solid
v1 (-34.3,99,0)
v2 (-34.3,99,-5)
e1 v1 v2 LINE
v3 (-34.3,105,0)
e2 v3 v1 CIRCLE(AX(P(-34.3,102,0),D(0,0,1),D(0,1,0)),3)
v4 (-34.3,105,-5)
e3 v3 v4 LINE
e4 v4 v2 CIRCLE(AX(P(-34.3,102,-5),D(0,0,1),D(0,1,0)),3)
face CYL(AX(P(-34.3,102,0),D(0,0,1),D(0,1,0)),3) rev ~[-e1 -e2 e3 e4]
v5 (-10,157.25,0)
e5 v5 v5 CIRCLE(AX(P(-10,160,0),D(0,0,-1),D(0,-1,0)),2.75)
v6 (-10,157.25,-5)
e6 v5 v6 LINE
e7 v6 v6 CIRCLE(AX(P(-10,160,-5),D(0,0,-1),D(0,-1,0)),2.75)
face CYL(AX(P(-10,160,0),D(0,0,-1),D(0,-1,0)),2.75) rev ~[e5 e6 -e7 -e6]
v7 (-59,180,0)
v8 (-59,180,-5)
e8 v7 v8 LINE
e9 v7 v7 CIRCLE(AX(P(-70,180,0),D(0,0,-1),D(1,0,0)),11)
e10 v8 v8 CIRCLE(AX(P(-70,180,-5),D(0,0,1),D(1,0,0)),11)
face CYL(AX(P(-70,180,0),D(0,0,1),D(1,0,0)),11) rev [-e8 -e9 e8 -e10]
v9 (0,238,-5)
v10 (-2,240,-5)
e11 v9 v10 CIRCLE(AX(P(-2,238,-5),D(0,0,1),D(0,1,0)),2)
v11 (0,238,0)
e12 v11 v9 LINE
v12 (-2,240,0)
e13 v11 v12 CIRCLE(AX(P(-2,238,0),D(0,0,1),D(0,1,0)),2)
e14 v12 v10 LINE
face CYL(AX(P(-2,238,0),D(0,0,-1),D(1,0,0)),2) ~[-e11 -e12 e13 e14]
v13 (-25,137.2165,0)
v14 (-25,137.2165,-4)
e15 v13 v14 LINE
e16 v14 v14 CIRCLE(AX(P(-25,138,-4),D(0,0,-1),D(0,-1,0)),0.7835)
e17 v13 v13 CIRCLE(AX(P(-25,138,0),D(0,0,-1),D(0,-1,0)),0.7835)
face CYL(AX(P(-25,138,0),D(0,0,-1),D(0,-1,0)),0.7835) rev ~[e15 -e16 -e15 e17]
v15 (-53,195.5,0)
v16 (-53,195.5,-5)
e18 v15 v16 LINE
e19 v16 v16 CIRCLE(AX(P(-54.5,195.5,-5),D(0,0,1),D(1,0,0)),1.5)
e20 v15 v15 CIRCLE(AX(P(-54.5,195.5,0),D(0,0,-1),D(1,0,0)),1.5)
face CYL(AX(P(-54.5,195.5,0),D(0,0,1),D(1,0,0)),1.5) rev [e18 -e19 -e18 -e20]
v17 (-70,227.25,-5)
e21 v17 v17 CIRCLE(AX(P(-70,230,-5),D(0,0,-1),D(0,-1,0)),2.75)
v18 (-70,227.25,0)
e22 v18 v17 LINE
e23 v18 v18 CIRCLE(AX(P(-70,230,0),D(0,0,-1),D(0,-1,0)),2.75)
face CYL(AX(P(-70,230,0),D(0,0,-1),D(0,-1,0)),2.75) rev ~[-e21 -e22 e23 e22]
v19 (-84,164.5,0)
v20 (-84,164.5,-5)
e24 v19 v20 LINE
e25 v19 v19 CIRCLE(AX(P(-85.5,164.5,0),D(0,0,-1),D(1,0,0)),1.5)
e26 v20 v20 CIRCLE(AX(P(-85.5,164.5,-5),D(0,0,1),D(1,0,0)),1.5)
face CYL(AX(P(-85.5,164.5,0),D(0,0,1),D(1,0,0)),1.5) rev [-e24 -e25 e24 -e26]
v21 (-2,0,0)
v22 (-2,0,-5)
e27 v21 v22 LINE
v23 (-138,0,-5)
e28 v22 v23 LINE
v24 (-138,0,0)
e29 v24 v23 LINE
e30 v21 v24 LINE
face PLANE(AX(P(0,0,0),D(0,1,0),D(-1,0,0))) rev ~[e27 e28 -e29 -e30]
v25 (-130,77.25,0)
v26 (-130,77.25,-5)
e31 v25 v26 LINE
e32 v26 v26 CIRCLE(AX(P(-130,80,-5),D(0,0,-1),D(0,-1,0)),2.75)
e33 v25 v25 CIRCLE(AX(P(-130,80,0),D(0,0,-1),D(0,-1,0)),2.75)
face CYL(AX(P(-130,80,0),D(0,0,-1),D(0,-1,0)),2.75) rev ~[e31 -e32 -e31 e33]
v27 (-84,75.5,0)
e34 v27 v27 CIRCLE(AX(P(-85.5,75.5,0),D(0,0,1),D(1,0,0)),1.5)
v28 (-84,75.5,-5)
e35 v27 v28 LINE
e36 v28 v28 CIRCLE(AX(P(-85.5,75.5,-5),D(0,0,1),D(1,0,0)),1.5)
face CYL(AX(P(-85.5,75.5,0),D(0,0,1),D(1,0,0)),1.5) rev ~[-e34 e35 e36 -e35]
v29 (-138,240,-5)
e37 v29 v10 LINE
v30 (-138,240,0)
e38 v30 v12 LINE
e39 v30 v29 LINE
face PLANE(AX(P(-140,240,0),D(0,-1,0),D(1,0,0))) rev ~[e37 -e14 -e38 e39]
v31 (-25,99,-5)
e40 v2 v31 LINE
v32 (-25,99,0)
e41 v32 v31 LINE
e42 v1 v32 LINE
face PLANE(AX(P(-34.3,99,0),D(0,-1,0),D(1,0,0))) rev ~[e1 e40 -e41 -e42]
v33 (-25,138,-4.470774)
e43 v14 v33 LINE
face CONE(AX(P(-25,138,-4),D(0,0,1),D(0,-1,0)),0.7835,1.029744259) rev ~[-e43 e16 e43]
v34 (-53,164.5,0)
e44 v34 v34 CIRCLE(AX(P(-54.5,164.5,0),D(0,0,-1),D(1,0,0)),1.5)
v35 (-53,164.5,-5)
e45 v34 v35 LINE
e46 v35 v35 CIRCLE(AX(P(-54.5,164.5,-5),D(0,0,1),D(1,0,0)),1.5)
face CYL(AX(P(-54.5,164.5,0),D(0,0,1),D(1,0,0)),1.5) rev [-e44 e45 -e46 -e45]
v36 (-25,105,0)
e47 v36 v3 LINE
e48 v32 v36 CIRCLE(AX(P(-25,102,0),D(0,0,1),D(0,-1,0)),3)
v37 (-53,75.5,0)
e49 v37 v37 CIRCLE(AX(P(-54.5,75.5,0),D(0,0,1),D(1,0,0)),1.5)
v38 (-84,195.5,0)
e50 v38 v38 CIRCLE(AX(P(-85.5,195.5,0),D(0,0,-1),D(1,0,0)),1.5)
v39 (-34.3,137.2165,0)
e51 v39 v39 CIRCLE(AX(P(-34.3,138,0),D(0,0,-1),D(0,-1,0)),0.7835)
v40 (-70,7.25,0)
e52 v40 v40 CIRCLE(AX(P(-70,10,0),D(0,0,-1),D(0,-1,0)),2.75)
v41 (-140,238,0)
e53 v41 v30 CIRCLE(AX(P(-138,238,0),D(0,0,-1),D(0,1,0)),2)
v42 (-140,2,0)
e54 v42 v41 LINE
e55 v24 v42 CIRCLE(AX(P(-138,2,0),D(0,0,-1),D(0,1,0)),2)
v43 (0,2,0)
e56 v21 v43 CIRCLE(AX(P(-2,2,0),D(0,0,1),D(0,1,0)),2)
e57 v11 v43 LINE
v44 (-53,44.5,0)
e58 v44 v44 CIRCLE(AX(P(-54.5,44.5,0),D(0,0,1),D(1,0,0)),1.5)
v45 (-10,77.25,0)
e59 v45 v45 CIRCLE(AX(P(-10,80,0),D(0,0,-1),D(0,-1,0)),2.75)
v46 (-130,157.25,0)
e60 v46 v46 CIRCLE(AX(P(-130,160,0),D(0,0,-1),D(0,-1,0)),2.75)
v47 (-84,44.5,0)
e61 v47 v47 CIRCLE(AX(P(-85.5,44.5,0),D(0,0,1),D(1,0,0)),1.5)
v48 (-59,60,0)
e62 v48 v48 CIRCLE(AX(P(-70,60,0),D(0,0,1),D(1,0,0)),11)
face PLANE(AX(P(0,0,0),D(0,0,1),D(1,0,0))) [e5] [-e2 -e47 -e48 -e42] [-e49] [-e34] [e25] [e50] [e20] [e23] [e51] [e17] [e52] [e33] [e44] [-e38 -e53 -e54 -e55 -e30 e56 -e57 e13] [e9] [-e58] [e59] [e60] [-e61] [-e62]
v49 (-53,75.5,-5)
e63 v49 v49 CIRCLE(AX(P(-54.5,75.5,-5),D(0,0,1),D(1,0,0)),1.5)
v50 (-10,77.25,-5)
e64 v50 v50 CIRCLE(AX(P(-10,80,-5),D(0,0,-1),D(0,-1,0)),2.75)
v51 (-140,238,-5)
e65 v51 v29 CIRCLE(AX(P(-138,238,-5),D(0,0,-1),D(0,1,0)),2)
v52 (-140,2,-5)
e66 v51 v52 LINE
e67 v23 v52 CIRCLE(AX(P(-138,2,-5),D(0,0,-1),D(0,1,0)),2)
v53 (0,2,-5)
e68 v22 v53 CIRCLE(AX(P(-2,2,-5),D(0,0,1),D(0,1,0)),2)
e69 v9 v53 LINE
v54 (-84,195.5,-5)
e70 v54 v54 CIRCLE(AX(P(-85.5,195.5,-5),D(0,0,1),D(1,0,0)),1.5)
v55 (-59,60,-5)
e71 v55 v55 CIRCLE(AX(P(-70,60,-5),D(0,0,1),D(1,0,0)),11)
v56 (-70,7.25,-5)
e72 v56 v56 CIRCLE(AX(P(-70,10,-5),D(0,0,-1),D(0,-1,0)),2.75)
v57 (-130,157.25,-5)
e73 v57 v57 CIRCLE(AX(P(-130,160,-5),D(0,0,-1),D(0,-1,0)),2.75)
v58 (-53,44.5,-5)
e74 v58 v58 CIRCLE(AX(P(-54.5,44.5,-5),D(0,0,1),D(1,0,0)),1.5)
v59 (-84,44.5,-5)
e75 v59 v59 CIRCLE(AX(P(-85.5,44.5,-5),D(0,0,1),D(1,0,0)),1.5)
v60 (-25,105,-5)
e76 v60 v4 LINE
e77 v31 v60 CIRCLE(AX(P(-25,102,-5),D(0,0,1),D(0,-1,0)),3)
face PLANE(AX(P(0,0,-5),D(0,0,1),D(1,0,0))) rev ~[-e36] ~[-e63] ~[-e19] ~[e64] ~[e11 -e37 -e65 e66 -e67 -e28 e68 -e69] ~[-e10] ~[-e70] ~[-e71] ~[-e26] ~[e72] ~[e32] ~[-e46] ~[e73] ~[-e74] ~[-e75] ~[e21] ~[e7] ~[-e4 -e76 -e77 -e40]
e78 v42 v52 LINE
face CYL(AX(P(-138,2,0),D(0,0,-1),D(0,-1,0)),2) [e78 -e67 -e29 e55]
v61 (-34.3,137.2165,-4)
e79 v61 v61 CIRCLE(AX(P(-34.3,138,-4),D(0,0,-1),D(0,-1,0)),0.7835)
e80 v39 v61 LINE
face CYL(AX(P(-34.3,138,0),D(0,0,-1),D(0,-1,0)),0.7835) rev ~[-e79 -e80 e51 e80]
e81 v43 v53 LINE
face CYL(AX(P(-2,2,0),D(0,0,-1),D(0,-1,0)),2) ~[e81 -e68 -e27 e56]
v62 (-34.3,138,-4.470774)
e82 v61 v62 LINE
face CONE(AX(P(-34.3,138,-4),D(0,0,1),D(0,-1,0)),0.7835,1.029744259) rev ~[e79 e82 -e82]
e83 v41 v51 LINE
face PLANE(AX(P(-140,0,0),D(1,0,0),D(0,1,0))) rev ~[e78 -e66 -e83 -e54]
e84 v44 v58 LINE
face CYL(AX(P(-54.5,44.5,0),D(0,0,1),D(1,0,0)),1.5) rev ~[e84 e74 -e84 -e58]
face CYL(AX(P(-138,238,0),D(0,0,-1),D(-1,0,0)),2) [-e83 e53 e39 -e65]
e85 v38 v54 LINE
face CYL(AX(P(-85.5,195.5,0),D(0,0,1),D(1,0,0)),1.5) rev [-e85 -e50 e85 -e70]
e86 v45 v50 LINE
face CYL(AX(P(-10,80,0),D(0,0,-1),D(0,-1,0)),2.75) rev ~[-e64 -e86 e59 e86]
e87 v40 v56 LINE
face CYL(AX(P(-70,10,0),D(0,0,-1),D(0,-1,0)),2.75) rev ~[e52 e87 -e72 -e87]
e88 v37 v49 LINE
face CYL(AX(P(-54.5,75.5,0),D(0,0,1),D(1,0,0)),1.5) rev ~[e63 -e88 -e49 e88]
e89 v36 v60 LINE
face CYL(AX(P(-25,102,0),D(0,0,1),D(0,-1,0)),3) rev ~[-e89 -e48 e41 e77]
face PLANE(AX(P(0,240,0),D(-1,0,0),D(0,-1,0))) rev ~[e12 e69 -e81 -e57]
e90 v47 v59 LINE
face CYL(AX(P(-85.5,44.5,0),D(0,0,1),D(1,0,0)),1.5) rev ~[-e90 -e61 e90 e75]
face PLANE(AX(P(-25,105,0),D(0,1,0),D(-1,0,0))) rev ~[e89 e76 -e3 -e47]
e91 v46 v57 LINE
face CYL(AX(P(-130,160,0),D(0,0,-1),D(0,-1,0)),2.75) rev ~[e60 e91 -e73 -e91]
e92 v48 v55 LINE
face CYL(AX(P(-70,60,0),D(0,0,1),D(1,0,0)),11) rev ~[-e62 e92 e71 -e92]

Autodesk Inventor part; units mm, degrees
ref_plane "YZ Plane" through (0, 0, 0) normal (1, 0, 0) x (0, 1, 0)
ref_plane "XZ Plane" through (0, 0, 0) normal (0, 1, 0) x (-1, 0, 0)
sketch "Skizze3" plane through (0, 0, 0) normal (0, 0, 1) x (1, 0, 0)
  line L0 (0, 0) -> (-140, 0)
  line L1 (-140, 0) -> (-140, 120)
  line L2 (-140, 240) -> (0, 240)
  line L3 (0, 240) -> (0, 0)
  line L4 (-34.5565, 44.5) -> (-109.2584, 44.5) construction
  line L5 (-42.5521, 75.5) -> (-110.6291, 75.5) construction
  line L6 (-85.5, 104.3529) -> (-85.5, 36.2759) construction
  line L7 (-54.5, 102.2969) -> (-54.5, 32.1639) construction
  line L8 (-70, -15.9958) -> (-70, 12.0858) construction
  circle A0 centre (-70, 60) radius 11
  circle A1 centre (-85.5, 75.5) radius 1.5
  circle A2 centre (-85.5, 44.5) radius 1.5
  circle A3 centre (-54.5, 44.5) radius 1.5
  circle A4 centre (-54.5, 75.5) radius 1.5
  line L9 (-140, 120) -> (0, 120) construction
  line L10 (-140, 120) -> (-140, 240)
  line L11 (-139.4457, 80) -> (19.1397, 80) construction
  line L12 (12.4919, 138) -> (-57.0145, 138) construction
  line L13 (-25, 139.378) -> (-25, 104.3529) construction
  line L14 (-34.3, 147.3505) -> (-34.3, 112.3254) construction
  line L15 (-25, 102) -> (-34.3, 102) construction
  line L16 (-25, 105) -> (-34.3, 105)
  line L17 (-34.3, 99) -> (-25, 99)
  arc A5 (-25, 99) -> (-25, 105) centre (-25, 102) ccw
  arc A6 (-34.3, 105) -> (-34.3, 99) centre (-34.3, 102) ccw
  line L18 (-6.3901, 160) -> (-134.3919, 160) construction
  point P0 (-70, 0)
  point P1 (-70, 10)
  point P2 (-130, 80)
  point P3 (-137.8382, 80)
  point P4 (-130, 160)
  point P5 (-10, 160)
  point P6 (-10, 80)
  point P7 (-70, 230)
  point P8 (-34.3, 138)
  point P9 (-25, 138)
  point P10 (-29.65, 102)
  dimension "d4" = 240
  dimension "d5" = 140
  dimension "d6" = 31
  dimension "d7" = 31
  dimension "d8" = 15.5
  dimension "d9" = 15.5
  dimension "d10" = 60
  dimension "d11" = 22
  dimension "d12" = 3
  dimension "d13" = 3
  dimension "d14" = 3
  dimension "d15" = 3
  dimension "d22" = 10
  dimension "d23" = 10
  dimension "d24" = 10
  dimension "d25" = 10
  dimension "d26" = 10
  dimension "d34" = 10
  dimension "d35" = 9.3
  dimension "d36" = 18
  dimension "d37" = 25
  dimension "d38" = 3
  dimension "d43" = 36
  dimension "d44" = 80
  dimension "d45" = 80
extrude "Extrusion3" add sketch "Skizze3" against normal blind 5 contours L0 L1 L10 L2 L3 | A0 | A1 | A2 | A3 | A4 | A5 L17 A6 L16
fillet "Rundung1" radius 2 4 edges at (0, 0, -2.5) (0, 240, -2.5) (-140, 240, -2.5) (-140, 0, -2.5)
ref_plane "Arbeitsebene1" through (-140, 120, 0) normal (0, 1, 0) x (1, 0, 0)
extrude "Extrusion4" cut sketch "Skizze3" against normal through all contours A0 | A1 | A2 | A3 | A4
mirror "Spiegeln1" about plane through (-140, 120, 0) normal (0, 1, 0) of "Extrusion4"
hole "Bohrung1" at (-70, 60, 0) at (-70, 10, 0) at (-130, 80, 0) at (-130, 160, 0) at (-10, 160, 0) at (-10, 80, 0) at (-70, 230, 0) direction (0, 0, -1) diameter 5.5 end through all
extrude "Extrusion5" cut sketch "Skizze3" against normal blind 10 contours A5 L17 A6 L16
hole "Bohrung2" at (-25, 138, 0) at (-34.3, 138, 0) direction (0, 0, -1) diameter 1.567 depth 4 tip angle 118 thread size "M2x0.4" class "6H" standard "ISO Metric profile"
equation "\"d8\" = 0.5 * d6"
equation "\"d9\" = d8"
equation "\"d23\" = d22"
equation "\"d24\" = d23"
equation "\"d25\" = d22"
equation "\"d26\" = d25"
equation "\"d36\" = 0.5 * d43"
properties part number "BT001_trajan20_21" material "Acryl"
